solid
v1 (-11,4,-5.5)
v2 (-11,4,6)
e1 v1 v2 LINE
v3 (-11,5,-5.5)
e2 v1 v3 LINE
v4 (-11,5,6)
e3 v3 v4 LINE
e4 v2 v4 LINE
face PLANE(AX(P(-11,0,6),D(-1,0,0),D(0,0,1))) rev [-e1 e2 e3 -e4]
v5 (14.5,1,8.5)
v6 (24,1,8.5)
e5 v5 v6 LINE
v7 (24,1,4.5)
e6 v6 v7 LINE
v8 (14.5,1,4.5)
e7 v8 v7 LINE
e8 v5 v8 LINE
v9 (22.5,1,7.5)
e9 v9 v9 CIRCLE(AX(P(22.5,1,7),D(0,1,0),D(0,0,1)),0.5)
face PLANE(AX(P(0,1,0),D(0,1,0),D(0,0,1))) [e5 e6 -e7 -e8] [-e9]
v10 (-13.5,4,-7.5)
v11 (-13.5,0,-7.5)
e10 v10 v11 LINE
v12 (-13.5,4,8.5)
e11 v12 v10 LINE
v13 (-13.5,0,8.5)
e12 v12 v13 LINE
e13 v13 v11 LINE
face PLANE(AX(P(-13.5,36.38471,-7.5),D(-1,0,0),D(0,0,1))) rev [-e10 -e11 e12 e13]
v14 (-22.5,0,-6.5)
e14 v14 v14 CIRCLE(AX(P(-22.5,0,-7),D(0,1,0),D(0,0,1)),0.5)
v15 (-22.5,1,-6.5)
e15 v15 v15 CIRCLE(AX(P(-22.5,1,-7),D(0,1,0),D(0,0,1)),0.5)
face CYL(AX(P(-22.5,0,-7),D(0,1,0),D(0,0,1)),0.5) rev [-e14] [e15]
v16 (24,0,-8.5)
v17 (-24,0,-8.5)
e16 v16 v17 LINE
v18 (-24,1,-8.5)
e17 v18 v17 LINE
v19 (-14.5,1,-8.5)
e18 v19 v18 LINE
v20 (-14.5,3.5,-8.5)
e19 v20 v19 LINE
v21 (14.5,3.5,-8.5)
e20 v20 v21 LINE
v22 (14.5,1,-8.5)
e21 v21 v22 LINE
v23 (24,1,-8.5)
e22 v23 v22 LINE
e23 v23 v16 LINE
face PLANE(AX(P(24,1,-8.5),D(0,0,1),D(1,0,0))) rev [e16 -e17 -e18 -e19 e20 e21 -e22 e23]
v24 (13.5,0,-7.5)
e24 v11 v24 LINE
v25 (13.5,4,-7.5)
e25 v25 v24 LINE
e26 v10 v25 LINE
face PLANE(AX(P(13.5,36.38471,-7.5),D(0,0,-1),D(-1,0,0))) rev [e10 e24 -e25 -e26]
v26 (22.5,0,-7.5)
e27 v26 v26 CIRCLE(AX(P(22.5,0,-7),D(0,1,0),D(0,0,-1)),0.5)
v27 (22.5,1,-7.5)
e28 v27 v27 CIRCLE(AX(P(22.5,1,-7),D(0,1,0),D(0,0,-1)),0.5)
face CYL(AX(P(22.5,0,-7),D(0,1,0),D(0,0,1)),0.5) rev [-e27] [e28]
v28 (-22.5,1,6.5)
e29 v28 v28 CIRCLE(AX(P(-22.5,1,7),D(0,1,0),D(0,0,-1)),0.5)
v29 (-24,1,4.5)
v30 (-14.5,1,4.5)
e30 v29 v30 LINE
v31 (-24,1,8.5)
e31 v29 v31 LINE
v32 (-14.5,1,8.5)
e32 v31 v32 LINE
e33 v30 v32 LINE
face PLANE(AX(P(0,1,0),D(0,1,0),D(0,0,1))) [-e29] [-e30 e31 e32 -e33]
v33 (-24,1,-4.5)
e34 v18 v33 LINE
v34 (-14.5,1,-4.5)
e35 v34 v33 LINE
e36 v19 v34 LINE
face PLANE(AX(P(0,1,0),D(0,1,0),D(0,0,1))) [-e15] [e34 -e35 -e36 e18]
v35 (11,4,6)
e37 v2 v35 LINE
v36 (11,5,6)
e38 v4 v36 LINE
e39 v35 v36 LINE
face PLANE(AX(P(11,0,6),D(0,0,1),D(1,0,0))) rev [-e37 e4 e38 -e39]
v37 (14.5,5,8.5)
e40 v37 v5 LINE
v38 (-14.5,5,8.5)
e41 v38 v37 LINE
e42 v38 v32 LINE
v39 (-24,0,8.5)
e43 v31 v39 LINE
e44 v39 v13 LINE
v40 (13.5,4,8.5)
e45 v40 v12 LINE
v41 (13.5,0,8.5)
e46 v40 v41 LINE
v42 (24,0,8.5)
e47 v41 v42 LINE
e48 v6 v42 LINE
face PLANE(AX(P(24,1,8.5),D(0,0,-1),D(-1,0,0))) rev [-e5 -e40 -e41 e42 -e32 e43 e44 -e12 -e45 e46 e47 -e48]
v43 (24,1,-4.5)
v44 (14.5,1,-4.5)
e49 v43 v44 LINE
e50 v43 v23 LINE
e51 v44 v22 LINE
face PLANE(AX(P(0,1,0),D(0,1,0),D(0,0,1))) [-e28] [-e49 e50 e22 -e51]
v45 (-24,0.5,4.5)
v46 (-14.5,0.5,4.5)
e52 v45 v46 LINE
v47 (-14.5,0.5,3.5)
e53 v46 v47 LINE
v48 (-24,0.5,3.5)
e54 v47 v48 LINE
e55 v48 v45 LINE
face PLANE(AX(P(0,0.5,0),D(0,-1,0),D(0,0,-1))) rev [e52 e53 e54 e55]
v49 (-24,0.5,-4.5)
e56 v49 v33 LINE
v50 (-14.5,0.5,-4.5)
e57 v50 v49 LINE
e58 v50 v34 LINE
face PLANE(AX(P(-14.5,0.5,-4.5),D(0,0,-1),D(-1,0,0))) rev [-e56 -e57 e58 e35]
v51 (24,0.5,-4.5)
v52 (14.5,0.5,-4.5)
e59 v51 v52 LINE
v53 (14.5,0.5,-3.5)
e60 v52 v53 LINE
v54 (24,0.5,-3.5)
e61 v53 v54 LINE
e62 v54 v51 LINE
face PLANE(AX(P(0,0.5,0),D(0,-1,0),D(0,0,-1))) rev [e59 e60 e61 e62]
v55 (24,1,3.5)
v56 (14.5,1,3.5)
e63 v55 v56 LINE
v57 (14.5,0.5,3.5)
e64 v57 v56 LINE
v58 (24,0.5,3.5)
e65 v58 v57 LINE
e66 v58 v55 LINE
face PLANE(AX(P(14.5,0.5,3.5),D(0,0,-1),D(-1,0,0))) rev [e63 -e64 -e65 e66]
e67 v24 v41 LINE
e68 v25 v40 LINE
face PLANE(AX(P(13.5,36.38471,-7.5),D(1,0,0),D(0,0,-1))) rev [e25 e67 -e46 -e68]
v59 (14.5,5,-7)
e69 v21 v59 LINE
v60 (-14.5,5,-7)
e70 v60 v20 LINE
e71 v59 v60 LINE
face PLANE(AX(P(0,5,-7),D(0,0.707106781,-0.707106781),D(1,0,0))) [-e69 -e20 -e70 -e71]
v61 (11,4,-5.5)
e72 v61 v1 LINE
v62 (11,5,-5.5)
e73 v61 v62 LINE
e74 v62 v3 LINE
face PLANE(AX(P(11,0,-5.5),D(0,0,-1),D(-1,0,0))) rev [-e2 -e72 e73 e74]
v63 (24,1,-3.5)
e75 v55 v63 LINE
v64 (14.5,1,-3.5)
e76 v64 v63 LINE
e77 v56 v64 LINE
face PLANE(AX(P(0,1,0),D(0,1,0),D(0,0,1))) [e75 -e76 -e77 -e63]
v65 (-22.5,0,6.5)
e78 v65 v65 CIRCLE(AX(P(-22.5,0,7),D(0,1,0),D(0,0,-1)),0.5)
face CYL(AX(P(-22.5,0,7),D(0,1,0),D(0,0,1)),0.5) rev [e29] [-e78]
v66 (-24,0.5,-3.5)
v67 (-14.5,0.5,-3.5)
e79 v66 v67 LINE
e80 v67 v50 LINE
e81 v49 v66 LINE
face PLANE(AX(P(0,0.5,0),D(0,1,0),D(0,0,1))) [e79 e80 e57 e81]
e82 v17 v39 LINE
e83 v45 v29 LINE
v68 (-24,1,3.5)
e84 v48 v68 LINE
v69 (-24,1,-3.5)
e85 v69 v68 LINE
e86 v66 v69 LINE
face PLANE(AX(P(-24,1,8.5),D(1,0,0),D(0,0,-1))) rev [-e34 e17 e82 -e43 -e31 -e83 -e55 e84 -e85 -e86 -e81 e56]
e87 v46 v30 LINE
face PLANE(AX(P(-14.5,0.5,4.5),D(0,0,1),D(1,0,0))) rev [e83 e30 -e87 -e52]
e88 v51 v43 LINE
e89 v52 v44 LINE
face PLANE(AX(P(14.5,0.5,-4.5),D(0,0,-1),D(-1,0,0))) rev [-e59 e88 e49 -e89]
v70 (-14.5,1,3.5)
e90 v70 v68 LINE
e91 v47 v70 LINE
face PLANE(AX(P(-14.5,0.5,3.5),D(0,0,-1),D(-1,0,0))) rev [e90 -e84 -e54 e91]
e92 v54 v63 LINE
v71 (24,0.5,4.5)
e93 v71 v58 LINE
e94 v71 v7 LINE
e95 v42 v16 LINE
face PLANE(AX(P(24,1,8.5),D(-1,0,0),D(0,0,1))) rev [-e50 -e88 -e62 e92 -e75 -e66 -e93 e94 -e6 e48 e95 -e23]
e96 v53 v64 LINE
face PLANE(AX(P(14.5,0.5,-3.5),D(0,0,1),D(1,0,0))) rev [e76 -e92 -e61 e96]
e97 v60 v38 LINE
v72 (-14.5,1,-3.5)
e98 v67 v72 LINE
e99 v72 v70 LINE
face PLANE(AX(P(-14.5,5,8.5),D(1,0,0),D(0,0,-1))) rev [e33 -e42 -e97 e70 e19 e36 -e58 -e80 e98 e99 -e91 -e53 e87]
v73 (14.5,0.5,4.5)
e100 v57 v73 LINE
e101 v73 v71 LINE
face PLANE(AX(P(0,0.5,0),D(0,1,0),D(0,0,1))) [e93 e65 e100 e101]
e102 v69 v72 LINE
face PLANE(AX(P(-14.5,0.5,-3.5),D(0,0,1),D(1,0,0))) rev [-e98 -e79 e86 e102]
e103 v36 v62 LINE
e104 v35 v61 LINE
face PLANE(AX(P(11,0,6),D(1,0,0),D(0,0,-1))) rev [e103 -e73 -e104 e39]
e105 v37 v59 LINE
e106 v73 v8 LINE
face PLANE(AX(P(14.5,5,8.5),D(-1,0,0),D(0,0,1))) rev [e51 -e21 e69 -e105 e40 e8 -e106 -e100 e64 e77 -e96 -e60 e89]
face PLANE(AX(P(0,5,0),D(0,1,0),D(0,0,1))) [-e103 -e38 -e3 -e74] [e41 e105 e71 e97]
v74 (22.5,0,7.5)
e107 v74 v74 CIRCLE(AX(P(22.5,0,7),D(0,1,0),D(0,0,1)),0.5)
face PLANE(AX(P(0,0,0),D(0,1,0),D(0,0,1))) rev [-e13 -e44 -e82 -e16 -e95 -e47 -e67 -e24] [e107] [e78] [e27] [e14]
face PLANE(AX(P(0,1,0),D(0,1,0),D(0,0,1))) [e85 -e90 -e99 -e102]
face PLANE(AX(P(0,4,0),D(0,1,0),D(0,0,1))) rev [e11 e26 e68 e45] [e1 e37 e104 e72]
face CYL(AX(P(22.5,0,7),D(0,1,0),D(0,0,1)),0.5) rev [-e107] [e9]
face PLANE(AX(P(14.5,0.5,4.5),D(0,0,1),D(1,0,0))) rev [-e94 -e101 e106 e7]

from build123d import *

# Parameters (mm, degrees)
SKETCH_1_W          = 48
SKETCH_1_H          = 17
EXTRUDE_1_DEPTH     = 1
SKETCH_2_W          = 29
SKETCH_2_H          = 17
EXTRUDE_2_DEPTH     = 4
SKETCH_3_W          = 27
SKETCH_3_H          = 16
CUT_EXTRUDE_1_DEPTH = 4
SKETCH_4_W          = 22
SKETCH_4_H          = 11.5
CUT_EXTRUDE_2_DEPTH = 6
CHAMFER_1_SIZE      = 1.5
SKETCH_5_R          = 0.5
CUT_EXTRUDE_3_DEPTH = 2
SKETCH_6_W          = 9.5
SKETCH_6_H          = 1
CUT_EXTRUDE_4_DEPTH = 0.5


with BuildPart() as part:
    # 草图1 → 凸台-拉伸1 (new body)
    with BuildSketch(Plane(origin=(0, 0, 0), x_dir=(1, 0, 0), z_dir=(0, 1, 0))):
        Rectangle(SKETCH_1_W, SKETCH_1_H)
    extrude(amount=EXTRUDE_1_DEPTH)

    # 草图2 → 凸台-拉伸2 (add)
    with BuildSketch(Plane(origin=(0, 1, 0), x_dir=(1, 0, 0), z_dir=(0, 1, 0))):
        Rectangle(SKETCH_2_W, SKETCH_2_H)
    extrude(amount=EXTRUDE_2_DEPTH)

    # 草图3 → 切除-拉伸1 (cut)
    with BuildSketch(Plane.XZ):
        with Locations((0, 0.5)):
            Rectangle(SKETCH_3_W, SKETCH_3_H)
    extrude(amount=-CUT_EXTRUDE_1_DEPTH, mode=Mode.SUBTRACT)

    # 草图4 → 切除-拉伸2 (cut, through all)
    with BuildSketch(Plane(origin=(0, 5, 0), x_dir=(1, 0, 0), z_dir=(0, 1, 0))):
        with Locations((0, -0.25)):
            Rectangle(SKETCH_4_W, SKETCH_4_H)
    extrude(amount=-CUT_EXTRUDE_2_DEPTH, mode=Mode.SUBTRACT)

    # 倒角1
    chamfer_1_edges = [part.edges().sort_by_distance(p)[0] for p in [
        (0, 5, -8.5),
    ]]
    chamfer(chamfer_1_edges, length=CHAMFER_1_SIZE)

    # 草图5 → 切除-拉伸3 (cut, through all)
    with BuildSketch(Plane(origin=(0, 1, 0), x_dir=(1, 0, 0), z_dir=(0, 1, 0))):
        with Locations((-22.5, 7)):
            Circle(SKETCH_5_R)
        with Locations((22.5, 7)):
            Circle(SKETCH_5_R)
        with Locations((22.5, -7)):
            Circle(SKETCH_5_R)
        with Locations((-22.5, -7)):
            Circle(SKETCH_5_R)
    extrude(amount=-CUT_EXTRUDE_3_DEPTH, mode=Mode.SUBTRACT)

    # 草图6 → 切除-拉伸4 (cut)
    with BuildSketch(Plane(origin=(0, 1, 0), x_dir=(1, 0, 0), z_dir=(0, 1, 0))):
        with Locations((-19.25, 4)):
            Rectangle(SKETCH_6_W, SKETCH_6_H)
        with Locations((-19.25, -4)):
            Rectangle(SKETCH_6_W, SKETCH_6_H)
        with Locations((19.25, -4)):
            Rectangle(SKETCH_6_W, SKETCH_6_H)
        with Locations((19.25, 4)):
            Rectangle(SKETCH_6_W, SKETCH_6_H)
    extrude(amount=-CUT_EXTRUDE_4_DEPTH, mode=Mode.SUBTRACT)


solid = part.part
